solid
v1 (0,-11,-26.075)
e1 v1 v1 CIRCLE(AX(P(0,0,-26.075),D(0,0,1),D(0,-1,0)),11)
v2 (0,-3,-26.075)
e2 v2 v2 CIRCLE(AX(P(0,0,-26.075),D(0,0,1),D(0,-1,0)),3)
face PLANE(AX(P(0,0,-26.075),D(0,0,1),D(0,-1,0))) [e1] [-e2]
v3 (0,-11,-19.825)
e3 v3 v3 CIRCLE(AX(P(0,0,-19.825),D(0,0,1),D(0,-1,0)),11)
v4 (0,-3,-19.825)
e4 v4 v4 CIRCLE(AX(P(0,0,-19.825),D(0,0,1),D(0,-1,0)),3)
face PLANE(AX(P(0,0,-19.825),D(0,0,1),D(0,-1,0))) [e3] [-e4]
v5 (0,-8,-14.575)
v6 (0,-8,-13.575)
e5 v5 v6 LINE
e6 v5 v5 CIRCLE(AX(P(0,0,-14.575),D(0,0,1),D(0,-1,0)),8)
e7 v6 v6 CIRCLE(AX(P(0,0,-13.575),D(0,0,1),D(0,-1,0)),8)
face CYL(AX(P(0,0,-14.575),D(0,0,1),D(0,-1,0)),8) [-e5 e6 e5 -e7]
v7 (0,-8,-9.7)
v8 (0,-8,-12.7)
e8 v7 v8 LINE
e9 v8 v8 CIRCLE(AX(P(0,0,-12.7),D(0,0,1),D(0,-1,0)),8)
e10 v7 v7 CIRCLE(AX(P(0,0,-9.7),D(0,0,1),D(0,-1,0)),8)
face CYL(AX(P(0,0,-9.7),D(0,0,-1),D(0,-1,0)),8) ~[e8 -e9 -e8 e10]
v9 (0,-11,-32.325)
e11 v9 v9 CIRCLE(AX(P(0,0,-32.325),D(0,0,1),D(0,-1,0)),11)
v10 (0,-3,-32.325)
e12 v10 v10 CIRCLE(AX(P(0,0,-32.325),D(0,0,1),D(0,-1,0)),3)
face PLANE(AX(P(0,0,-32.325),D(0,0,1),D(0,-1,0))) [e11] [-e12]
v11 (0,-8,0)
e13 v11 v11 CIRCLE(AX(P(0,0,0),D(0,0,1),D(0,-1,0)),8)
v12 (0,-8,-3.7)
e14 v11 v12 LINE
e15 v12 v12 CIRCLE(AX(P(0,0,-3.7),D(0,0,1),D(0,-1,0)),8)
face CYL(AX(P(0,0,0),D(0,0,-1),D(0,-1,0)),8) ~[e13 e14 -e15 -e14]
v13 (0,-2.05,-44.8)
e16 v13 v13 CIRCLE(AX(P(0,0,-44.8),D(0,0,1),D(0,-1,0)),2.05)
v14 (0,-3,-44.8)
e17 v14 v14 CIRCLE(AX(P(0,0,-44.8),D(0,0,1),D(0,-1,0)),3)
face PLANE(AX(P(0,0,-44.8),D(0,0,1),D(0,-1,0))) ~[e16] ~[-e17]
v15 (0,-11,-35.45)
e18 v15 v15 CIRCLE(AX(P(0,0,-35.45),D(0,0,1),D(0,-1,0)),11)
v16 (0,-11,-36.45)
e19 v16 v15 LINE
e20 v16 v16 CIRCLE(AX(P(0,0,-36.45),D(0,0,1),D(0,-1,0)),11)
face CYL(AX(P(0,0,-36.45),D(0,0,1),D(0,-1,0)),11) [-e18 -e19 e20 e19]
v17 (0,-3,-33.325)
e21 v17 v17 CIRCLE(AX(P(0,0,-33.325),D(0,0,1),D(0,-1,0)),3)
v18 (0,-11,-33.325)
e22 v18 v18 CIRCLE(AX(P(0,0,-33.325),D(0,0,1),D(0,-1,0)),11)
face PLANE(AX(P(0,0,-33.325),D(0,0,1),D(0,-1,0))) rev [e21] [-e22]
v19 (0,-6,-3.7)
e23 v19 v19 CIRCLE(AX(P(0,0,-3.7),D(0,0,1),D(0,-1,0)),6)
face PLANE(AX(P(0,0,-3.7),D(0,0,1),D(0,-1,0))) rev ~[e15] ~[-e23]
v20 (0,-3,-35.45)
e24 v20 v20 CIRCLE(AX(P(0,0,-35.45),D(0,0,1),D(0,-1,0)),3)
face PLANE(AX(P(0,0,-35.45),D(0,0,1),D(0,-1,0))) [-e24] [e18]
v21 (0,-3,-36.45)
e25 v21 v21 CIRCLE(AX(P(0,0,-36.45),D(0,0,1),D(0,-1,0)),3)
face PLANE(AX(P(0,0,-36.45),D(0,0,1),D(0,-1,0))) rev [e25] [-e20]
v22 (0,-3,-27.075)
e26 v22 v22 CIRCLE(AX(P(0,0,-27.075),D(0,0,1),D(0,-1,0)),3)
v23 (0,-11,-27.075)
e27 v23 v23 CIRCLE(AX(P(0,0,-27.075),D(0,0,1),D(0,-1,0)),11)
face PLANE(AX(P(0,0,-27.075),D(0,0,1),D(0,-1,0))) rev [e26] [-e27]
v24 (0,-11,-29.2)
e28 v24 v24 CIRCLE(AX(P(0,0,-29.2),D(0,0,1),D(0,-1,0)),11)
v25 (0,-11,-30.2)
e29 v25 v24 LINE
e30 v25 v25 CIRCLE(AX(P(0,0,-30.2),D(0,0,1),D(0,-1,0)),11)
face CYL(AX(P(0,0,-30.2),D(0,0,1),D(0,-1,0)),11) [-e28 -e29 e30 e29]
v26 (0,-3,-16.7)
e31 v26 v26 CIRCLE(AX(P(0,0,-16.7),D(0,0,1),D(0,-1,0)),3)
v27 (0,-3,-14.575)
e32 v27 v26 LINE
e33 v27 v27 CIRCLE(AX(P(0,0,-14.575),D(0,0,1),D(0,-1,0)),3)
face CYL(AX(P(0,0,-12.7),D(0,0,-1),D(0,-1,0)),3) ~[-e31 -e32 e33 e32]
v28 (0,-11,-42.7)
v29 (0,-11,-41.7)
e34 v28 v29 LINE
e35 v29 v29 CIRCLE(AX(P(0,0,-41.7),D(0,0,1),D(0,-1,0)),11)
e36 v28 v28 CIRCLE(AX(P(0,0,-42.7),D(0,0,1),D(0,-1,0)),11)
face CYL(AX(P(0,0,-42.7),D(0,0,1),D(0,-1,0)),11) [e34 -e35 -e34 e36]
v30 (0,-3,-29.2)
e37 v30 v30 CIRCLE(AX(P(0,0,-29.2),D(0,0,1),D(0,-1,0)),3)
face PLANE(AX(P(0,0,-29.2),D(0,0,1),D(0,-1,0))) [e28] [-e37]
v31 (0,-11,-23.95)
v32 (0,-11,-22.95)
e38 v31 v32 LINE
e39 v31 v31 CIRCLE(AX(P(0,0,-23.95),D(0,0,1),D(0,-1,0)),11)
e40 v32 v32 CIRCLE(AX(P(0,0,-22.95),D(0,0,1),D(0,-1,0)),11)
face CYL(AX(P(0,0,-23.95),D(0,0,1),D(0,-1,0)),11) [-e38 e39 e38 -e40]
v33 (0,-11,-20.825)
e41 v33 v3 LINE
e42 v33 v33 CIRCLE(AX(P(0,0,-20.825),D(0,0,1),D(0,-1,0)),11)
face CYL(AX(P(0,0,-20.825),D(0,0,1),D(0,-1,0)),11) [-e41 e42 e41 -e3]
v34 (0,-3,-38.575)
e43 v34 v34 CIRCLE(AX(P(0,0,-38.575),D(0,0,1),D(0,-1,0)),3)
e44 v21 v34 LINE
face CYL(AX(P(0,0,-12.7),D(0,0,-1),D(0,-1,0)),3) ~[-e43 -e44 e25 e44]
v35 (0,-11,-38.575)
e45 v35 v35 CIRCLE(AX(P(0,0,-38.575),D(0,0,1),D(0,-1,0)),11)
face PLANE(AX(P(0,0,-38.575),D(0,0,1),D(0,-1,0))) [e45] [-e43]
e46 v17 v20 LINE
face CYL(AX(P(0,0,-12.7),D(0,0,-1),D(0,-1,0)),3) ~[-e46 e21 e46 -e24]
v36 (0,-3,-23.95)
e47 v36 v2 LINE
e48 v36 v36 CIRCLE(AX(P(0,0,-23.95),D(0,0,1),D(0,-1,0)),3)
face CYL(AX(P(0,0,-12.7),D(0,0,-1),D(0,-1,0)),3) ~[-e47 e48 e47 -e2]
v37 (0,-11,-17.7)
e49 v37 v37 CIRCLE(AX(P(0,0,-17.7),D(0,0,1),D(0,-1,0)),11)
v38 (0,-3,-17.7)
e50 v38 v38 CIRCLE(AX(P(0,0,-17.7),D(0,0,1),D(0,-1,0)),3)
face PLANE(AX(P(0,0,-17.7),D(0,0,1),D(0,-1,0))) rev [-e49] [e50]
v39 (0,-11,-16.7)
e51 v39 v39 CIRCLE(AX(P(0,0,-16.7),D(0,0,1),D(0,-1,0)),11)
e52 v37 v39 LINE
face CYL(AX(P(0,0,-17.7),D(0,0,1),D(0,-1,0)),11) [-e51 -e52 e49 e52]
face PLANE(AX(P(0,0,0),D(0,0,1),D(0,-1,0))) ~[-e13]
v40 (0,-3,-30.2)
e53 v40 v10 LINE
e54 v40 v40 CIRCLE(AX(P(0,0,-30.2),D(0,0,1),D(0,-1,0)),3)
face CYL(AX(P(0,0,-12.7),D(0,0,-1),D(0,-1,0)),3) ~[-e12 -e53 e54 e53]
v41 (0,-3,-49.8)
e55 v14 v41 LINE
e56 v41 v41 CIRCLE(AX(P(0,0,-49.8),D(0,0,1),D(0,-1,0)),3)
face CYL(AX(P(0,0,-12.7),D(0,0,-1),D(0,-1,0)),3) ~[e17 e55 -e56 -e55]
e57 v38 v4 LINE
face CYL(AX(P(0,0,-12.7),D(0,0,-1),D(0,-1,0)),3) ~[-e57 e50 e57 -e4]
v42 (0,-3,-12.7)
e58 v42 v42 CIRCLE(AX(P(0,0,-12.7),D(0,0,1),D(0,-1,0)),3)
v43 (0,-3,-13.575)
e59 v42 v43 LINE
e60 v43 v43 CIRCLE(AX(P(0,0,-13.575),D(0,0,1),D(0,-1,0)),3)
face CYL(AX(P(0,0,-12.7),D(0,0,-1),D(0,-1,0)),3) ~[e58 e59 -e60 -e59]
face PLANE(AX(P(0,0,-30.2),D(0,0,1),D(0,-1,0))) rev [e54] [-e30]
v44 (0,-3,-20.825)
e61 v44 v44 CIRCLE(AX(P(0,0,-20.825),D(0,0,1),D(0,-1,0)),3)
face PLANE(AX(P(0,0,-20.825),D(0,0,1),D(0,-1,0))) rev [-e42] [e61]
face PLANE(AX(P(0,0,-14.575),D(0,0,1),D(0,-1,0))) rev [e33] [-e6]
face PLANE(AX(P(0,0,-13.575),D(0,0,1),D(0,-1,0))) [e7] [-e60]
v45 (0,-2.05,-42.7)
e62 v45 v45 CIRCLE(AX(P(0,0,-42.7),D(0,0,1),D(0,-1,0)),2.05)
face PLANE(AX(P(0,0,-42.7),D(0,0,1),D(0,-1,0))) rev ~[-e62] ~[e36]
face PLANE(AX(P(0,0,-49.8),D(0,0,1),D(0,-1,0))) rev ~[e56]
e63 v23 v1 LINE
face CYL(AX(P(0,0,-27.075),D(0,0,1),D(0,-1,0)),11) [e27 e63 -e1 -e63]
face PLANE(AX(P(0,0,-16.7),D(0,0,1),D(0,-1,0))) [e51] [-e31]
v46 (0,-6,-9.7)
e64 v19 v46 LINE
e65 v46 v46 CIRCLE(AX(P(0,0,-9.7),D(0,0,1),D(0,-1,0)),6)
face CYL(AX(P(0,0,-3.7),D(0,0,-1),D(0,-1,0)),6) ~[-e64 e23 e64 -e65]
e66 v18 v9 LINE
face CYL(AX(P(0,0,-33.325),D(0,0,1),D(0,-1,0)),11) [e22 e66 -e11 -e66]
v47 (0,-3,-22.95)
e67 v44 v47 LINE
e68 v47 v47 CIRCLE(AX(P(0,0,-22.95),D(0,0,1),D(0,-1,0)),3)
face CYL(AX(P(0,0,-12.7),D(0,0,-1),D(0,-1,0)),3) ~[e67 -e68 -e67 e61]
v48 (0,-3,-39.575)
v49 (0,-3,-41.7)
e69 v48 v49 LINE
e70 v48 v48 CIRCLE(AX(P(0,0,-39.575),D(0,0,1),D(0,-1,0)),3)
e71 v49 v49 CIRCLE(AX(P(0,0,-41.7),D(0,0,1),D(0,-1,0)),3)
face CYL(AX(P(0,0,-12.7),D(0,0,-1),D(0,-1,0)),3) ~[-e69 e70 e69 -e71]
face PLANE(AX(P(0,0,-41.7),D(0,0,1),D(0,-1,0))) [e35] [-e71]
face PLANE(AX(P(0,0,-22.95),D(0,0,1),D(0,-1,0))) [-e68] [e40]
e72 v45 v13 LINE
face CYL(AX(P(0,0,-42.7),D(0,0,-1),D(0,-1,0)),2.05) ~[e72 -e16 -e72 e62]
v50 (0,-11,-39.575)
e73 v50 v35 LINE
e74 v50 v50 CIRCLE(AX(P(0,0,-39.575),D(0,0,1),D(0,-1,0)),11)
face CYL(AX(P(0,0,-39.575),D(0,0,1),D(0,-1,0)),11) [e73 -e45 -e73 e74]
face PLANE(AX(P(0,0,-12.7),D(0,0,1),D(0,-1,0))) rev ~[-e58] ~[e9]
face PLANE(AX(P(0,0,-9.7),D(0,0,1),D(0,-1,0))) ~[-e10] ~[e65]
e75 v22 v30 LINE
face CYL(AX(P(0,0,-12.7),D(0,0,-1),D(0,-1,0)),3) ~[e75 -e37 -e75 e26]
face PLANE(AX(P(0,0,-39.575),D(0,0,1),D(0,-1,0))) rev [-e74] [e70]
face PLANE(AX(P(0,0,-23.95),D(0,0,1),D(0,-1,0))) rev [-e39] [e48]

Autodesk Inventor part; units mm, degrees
ref_plane "YZ Plane" through (0, 0, 0) normal (1, 0, 0) x (0, 1, 0)
ref_plane "XZ Plane" through (0, 0, 0) normal (0, 1, 0) x (-1, 0, 0)
ref_plane "XY Plane" through (0, 0, 0) normal (0, 0, 1) x (1, 0, 0)
sketch "Sketch1" plane through (0, 0, 0) normal (1, 0, 0) x (0, 1, 0)
  line L0 (0, -49.8) -> (0, 0)
  line L1 (0, 0) -> (-8, 0)
  line L2 (-8, 0) -> (-8, -3.7)
  line L3 (-8, -3.7) -> (-6, -3.7)
  line L4 (-6, -3.7) -> (-6, -9.7)
  line L5 (-6, -9.7) -> (-8, -9.7)
  line L6 (-8, -9.7) -> (-8, -12.7)
  line L7 (-8, -12.7) -> (-3, -12.7)
  line L8 (-3, -12.7) -> (-3, -49.8)
  line L9 (-3, -49.8) -> (0, -49.8)
  line L10 (-3, -42.7) -> (-11, -42.7)
  line L11 (-11, -42.7) -> (-11, -41.7)
  line L12 (-11, -41.7) -> (-3, -41.7)
  line L13 (-3, -41.7) -> (-3, -42.7)
  line L14 (-3, -39.575) -> (-11, -39.575)
  line L15 (-11, -39.575) -> (-11, -38.575)
  line L16 (-11, -38.575) -> (-3, -38.575)
  line L17 (-3, -38.575) -> (-3, -39.575)
  line L18 (-3, -27.075) -> (-11, -27.075)
  line L19 (-11, -27.075) -> (-11, -26.075)
  line L20 (-11, -26.075) -> (-3, -26.075)
  line L21 (-3, -26.075) -> (-3, -27.075)
  line L22 (-3, -20.825) -> (-11, -20.825)
  line L23 (-11, -20.825) -> (-11, -19.825)
  line L24 (-11, -19.825) -> (-3, -19.825)
  line L25 (-3, -19.825) -> (-3, -20.825)
  line L26 (-3, -30.2) -> (-11, -30.2)
  line L27 (-11, -30.2) -> (-11, -29.2)
  line L28 (-11, -29.2) -> (-3, -29.2)
  line L29 (-3, -29.2) -> (-3, -30.2)
  line L30 (-3, -33.325) -> (-11, -33.325)
  line L31 (-11, -33.325) -> (-11, -32.325)
  line L32 (-11, -32.325) -> (-3, -32.325)
  line L33 (-3, -32.325) -> (-3, -33.325)
  line L34 (-3, -36.45) -> (-11, -36.45)
  line L35 (-11, -36.45) -> (-11, -35.45)
  line L36 (-11, -35.45) -> (-3, -35.45)
  line L37 (-3, -35.45) -> (-3, -36.45)
  line L38 (-3, -23.95) -> (-11, -23.95)
  line L39 (-11, -23.95) -> (-11, -22.95)
  line L40 (-11, -22.95) -> (-3, -22.95)
  line L41 (-3, -22.95) -> (-3, -23.95)
  line L42 (-3, -17.7) -> (-11, -17.7)
  line L43 (-11, -17.7) -> (-11, -16.7)
  line L44 (-11, -16.7) -> (-3, -16.7)
  line L45 (-3, -16.7) -> (-3, -17.7)
  line L46 (-11, -17.7) -> (-11, -19.825) construction
  line L47 (-11, -20.825) -> (-11, -22.95) construction
  line L48 (-11, -23.95) -> (-11, -26.075) construction
  line L49 (-11, -27.075) -> (-11, -29.2) construction
  line L50 (-11, -30.2) -> (-11, -32.325) construction
  line L51 (-11, -33.325) -> (-11, -35.45) construction
  line L52 (-11, -36.45) -> (-11, -38.575) construction
  line L53 (-11, -41.7) -> (-11, -39.575) construction
  line L54 (-8, -13.575) -> (-3, -13.575)
  line L55 (-3, -13.575) -> (-3, -14.575)
  line L56 (-3, -14.575) -> (-8, -14.575)
  line L57 (-8, -14.575) -> (-8, -13.575)
  line L58 (-8, -14.575) -> (-8, -16.7) construction
  line L59 (-3, -42.7) -> (-2.05, -42.7)
  line L60 (-2.05, -42.7) -> (-2.05, -44.8)
  line L61 (-2.05, -44.8) -> (-3, -44.8)
  line L62 (-3, -44.8) -> (-3, -42.7)
  dimension "d0" = 3.7
  dimension "d2" = 6
  dimension "d3" = 3
  dimension "d4" = 8
  dimension "d5" = 6
  dimension "d6" = 3
  dimension "d7" = 49.8
  dimension "d9" = 1
  dimension "d11" = 26
  dimension "d12" = 7.1
  dimension "d13" = 11
  dimension "d14" = 5
  dimension "d15" = 2.05
revolve "Revolution1" add sketch "Sketch1" angle 360 about axis through (0, 0, -49.8) along (0, 0, 1) contours L9 L8 L61 L60 L59 L7 L6 L5 L4 L3 L2 L1 L0 | L10 L11 L12 L8 | L14 L15 L16 L8 | L34 L35 L36 L8 | L8 L56 L57 L54 | L30 L31 L32 L8 | L8 L42 L43 L44 | L26 L27 L28 L8 | L8 L22 L23 L24 | L18 L19 L20 L8 | L8 L38 L39 L40
properties part number "heat sink"
